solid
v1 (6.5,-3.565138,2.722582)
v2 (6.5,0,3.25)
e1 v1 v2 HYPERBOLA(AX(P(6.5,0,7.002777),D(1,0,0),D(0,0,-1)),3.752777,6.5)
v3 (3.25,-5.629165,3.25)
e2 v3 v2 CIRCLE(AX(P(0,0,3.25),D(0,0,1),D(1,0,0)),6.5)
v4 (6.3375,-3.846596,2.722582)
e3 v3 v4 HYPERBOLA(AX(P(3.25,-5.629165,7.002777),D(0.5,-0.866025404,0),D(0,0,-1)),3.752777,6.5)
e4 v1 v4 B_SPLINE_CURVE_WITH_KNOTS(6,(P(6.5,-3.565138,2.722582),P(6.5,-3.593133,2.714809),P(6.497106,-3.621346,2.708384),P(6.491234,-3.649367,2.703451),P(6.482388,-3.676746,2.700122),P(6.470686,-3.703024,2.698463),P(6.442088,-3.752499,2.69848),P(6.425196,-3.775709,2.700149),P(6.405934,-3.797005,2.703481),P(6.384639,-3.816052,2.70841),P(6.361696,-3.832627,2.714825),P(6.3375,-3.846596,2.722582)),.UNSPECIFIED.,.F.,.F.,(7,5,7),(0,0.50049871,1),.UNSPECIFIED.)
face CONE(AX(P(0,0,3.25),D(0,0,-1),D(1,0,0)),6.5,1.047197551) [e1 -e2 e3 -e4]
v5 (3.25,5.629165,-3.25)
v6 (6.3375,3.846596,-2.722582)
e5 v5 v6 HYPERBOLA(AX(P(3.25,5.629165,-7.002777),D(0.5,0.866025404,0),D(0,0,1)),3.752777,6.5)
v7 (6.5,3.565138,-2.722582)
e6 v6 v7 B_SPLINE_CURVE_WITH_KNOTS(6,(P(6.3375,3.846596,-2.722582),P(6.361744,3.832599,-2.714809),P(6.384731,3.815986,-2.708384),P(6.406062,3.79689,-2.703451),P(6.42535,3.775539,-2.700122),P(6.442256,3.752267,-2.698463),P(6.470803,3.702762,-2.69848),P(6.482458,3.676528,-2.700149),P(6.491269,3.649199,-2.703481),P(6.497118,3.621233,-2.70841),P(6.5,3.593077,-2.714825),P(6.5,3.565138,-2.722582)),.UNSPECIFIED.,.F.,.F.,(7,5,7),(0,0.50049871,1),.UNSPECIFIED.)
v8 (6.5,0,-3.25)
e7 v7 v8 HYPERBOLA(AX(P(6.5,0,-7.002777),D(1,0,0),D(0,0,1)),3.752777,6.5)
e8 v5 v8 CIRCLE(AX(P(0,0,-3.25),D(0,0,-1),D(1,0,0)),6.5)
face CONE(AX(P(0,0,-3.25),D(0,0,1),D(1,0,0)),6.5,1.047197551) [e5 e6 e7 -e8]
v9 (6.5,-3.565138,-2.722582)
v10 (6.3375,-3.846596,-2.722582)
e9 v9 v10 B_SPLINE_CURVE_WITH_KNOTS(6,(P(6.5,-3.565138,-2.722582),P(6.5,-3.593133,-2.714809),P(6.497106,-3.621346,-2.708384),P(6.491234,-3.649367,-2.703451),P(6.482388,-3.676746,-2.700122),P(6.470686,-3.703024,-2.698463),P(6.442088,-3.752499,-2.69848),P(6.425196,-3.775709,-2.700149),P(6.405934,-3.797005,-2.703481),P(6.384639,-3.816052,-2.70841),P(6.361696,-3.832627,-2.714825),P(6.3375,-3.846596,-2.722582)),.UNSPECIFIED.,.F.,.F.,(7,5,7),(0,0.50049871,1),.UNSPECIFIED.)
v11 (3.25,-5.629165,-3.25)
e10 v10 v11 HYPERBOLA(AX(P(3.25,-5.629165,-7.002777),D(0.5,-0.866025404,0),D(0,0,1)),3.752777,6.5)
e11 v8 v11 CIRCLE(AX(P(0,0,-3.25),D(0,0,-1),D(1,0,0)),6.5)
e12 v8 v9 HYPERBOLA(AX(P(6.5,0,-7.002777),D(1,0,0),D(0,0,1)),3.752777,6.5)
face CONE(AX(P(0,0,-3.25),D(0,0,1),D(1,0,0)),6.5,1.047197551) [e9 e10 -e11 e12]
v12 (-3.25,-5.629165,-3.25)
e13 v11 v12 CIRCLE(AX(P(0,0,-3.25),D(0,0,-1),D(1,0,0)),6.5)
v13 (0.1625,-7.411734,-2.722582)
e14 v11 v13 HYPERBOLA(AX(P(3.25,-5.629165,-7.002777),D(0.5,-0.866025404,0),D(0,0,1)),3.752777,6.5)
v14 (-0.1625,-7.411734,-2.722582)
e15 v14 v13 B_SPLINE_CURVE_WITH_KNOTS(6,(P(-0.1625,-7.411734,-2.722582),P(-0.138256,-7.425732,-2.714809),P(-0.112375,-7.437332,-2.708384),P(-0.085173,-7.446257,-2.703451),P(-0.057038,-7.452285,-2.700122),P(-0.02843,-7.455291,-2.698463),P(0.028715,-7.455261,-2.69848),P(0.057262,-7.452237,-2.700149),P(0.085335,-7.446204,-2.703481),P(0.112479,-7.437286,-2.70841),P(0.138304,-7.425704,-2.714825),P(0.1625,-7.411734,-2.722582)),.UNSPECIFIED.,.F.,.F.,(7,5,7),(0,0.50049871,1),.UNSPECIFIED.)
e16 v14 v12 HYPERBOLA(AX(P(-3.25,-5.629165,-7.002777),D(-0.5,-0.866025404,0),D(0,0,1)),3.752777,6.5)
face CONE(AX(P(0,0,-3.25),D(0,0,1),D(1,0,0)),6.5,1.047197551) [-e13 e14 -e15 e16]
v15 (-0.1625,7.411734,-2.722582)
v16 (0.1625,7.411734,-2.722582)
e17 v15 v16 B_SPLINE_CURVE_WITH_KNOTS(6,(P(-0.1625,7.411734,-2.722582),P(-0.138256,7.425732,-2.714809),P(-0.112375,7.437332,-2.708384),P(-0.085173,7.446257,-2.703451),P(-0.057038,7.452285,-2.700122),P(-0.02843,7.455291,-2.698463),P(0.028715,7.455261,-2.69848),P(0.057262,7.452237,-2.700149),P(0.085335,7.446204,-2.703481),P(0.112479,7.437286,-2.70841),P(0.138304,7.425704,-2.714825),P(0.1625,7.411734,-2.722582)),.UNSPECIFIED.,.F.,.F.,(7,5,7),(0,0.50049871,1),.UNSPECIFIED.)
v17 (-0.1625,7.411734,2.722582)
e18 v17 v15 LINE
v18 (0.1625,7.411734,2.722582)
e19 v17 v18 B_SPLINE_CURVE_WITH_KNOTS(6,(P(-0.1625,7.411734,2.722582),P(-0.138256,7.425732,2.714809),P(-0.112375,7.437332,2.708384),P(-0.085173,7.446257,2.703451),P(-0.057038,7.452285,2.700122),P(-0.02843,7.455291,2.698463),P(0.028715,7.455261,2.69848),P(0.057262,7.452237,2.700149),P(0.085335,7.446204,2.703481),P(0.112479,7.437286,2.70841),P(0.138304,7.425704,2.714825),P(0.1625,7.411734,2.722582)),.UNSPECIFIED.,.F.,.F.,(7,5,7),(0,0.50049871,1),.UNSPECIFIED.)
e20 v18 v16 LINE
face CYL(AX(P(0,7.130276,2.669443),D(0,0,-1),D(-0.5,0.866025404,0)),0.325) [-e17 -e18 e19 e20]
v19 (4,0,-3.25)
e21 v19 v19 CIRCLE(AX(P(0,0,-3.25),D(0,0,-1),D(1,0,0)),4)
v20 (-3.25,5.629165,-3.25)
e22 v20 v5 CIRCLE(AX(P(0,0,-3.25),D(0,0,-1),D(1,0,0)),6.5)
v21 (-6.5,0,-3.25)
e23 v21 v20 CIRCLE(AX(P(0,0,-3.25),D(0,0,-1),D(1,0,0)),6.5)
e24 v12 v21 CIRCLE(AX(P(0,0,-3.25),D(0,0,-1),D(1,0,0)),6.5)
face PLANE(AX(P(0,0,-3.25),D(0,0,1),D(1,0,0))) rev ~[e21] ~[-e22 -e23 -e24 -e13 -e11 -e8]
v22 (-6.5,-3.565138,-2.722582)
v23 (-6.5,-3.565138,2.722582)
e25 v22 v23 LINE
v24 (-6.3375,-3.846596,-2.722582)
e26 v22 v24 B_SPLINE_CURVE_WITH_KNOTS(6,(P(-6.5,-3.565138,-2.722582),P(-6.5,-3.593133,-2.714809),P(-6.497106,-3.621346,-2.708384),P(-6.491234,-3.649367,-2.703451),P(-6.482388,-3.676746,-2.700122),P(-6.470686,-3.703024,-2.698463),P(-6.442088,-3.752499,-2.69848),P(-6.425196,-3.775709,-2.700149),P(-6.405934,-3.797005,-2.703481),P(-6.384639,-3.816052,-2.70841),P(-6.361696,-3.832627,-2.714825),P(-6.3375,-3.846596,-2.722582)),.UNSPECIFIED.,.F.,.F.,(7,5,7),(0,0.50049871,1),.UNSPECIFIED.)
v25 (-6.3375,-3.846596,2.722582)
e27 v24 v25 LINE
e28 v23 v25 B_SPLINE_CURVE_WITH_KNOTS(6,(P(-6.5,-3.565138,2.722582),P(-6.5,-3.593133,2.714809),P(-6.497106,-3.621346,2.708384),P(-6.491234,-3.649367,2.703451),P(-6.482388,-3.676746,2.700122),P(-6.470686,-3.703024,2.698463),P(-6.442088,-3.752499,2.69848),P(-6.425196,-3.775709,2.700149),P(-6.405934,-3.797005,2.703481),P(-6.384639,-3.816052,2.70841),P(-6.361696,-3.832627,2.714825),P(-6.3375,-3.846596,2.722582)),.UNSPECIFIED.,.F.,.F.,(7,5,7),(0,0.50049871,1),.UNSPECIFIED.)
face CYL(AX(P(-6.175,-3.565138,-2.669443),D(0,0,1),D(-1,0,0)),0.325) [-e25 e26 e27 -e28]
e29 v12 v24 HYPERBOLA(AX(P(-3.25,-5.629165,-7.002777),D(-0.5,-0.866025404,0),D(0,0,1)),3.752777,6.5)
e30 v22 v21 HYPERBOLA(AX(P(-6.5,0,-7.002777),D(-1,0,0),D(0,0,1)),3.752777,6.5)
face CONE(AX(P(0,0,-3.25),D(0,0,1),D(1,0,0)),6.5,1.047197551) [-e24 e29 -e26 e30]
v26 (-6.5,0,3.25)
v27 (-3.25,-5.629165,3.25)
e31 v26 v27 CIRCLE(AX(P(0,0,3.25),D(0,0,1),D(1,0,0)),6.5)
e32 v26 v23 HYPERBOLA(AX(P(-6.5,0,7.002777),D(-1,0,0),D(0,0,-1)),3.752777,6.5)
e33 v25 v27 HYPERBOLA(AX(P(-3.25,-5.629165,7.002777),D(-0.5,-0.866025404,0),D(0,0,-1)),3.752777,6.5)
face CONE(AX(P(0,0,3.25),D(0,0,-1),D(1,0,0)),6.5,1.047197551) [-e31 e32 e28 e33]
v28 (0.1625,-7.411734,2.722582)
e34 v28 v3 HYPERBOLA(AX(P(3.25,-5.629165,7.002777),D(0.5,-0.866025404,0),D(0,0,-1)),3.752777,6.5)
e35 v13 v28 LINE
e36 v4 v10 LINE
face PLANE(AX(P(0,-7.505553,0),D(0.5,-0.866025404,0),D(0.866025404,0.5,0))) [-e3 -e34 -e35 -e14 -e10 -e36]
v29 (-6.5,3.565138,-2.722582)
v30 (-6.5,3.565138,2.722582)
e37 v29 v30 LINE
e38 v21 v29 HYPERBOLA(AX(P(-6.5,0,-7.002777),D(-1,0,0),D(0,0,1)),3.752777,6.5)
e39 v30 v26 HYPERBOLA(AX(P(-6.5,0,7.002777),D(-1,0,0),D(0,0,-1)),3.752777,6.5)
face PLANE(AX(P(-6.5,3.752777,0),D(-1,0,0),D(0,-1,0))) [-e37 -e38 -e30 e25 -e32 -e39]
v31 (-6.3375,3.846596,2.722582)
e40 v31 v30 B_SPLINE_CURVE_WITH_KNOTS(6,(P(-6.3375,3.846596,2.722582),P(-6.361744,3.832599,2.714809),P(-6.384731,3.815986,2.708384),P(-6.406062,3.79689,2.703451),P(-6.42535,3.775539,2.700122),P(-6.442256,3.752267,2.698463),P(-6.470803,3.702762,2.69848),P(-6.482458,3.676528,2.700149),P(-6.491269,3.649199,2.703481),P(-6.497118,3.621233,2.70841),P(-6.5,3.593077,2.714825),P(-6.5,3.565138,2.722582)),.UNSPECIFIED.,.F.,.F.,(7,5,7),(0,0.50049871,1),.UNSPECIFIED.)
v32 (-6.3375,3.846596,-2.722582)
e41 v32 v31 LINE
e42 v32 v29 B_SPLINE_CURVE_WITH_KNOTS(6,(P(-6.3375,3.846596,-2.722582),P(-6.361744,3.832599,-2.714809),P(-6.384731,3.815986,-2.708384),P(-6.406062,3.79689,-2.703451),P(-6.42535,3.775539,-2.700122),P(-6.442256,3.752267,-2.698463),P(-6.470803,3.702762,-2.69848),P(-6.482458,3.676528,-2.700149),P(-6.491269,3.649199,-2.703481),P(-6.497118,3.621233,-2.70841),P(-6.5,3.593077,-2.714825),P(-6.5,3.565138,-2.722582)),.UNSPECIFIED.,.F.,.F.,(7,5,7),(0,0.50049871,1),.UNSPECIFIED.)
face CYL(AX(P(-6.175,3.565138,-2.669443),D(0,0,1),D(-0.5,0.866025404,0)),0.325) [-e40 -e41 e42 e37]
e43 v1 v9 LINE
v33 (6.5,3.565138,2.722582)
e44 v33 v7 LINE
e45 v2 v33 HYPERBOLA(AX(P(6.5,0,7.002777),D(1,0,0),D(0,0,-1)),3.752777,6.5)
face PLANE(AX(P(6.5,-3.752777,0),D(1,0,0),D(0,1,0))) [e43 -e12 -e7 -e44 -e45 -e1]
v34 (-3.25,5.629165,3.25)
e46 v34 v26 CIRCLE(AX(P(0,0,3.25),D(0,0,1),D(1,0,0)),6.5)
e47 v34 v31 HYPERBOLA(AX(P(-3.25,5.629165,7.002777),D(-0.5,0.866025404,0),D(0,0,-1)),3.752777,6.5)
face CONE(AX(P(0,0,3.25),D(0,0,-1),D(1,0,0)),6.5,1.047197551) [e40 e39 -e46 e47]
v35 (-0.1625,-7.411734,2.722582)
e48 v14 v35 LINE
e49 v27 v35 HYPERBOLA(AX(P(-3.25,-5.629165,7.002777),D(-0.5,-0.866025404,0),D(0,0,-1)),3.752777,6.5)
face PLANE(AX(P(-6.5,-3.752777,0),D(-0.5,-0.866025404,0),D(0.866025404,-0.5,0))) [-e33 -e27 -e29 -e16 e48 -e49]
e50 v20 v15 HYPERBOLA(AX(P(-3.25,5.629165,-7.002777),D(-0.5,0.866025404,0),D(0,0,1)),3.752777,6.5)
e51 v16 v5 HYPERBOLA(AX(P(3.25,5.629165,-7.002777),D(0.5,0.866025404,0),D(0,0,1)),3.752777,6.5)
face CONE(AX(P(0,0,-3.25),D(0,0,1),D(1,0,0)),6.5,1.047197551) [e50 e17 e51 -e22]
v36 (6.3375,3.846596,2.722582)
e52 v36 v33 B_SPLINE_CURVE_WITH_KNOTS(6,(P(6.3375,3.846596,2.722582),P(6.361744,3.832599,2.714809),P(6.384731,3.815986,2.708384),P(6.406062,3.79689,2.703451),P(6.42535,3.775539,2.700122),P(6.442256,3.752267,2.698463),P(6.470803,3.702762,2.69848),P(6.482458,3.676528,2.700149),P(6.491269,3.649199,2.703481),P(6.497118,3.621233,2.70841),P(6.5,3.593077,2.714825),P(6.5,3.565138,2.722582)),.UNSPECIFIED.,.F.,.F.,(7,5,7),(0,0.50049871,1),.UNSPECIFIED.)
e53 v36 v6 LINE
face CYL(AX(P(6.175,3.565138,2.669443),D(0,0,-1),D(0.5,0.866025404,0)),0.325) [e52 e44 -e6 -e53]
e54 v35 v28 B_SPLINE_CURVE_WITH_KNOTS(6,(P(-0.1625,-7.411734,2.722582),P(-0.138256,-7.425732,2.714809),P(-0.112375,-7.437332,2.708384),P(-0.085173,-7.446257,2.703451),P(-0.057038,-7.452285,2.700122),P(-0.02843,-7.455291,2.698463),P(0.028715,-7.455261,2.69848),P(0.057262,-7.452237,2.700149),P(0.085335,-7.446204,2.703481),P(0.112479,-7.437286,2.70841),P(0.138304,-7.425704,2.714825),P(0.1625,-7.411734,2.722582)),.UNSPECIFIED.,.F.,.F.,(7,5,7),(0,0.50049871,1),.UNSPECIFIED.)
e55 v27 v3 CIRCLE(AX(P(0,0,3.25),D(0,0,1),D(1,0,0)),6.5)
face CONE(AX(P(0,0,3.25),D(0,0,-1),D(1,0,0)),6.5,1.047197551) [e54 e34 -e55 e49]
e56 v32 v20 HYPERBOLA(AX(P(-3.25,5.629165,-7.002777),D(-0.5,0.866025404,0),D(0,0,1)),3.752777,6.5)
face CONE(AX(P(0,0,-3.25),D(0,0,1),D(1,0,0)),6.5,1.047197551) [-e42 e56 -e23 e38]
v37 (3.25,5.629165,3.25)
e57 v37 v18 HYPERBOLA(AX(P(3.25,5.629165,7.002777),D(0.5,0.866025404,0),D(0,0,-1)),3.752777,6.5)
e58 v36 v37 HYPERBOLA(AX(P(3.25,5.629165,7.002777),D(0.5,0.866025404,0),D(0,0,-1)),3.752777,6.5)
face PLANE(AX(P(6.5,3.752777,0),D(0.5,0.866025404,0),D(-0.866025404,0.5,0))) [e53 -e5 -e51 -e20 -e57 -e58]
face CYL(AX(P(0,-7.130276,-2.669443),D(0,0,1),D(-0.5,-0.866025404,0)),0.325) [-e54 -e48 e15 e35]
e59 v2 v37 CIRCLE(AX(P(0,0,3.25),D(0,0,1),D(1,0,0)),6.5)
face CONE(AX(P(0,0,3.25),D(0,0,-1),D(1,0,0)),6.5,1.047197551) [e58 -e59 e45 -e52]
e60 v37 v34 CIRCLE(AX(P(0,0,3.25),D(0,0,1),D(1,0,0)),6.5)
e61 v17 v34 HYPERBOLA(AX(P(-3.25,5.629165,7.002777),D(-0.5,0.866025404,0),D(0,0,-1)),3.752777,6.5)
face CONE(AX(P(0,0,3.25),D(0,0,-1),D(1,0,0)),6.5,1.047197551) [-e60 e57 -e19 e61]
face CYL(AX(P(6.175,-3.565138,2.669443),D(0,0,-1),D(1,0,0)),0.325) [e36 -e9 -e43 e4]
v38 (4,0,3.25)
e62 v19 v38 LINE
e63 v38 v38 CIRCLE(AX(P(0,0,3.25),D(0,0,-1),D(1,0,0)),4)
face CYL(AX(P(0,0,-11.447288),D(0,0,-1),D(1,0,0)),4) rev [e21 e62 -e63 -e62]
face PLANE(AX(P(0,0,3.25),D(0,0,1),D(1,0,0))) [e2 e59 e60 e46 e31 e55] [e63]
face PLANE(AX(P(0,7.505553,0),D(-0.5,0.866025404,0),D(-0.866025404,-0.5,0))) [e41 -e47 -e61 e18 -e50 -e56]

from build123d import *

# Parameters (mm, degrees)
BOSS_EXTRUDE2_DEPTH     = 3.25
CUT_EXTRUDE4_DEPTH      = 11.447288324
CUT_EXTRUDE4_DEPTH_BACK = 11.447288324
SKETCH16_R              = 4
SKETCH7_OUTSIDE_W       = 63.752
SKETCH7_OUTSIDE_H       = 65.764
SKETCH7_OUTSIDE_R       = 6.5
CUT_EXTRUDE5_DEPTH      = 12.867322079
CUT_EXTRUDE5_DRAFT      = -60
MIRROR4_COPY_1_SKETCH_W = 63.752
MIRROR4_COPY_1_SKETCH_H = 65.764
MIRROR4_COPY_1_SKETCH_R = 6.5
MIRROR4_COPY_1_DEPTH    = 12.867322079
MIRROR4_COPY_1_DRAFT    = -60
FILLET2_R               = 0.325


with BuildPart() as part:
    # Sketch15 → Boss-Extrude2 (new, symmetric)
    with BuildSketch(Plane.XY):
        Polygon((0, 7.505553499), (-6.5, 3.75277675), (-6.5, -3.75277675), (0, -7.505553499), (6.5, -3.75277675), (6.5, 3.75277675), align=None)
    extrude(amount=BOSS_EXTRUDE2_DEPTH, both=True)

    # Sketch16 → Cut-Extrude4 (cut, two sides: drawn at the far end of the back side and taken through both)
    with BuildSketch(Plane.XY.offset(-CUT_EXTRUDE4_DEPTH_BACK)):
        Circle(SKETCH16_R)
    extrude(amount=CUT_EXTRUDE4_DEPTH + CUT_EXTRUDE4_DEPTH_BACK, mode=Mode.SUBTRACT)


with BuildPart() as cut_extrude5_tool:
    # Sketch7 outside → Cut-Extrude5 (with draft: the straight prism first)
    with BuildSketch(Plane.XY.offset(3.25)):
        Rectangle(SKETCH7_OUTSIDE_W, SKETCH7_OUTSIDE_H)
        Circle(SKETCH7_OUTSIDE_R, mode=Mode.SUBTRACT)
    extrude(amount=-CUT_EXTRUDE5_DEPTH)
    # Cut-Extrude5: the draft: its side faces are tilted about the plane it starts from
    cut_extrude5_sides = [cut_extrude5_tool.faces().sort_by_distance(p)[0] for p in [
        (0, -32.882, -3.18366104),
        (31.876, 0, -3.18366104),
        (0, 32.882, -3.18366104),
        (-31.876, 0, -3.18366104),
        (-6.5, 0, -3.18366104),
    ]]
    draft(cut_extrude5_sides, Plane.XY.offset(3.25), CUT_EXTRUDE5_DRAFT)


with BuildPart() as part_1:
    add(part.part)

    # Cut-Extrude5: cut by cut_extrude5_tool
    add(cut_extrude5_tool.part, mode=Mode.SUBTRACT)


with BuildPart() as mirror4_copy_1_tool:
    # Mirror4 copy 1 sketch → Mirror4 copy 1 (with draft: the straight prism first)
    with BuildSketch(Plane(origin=(0, 0, -3.25), x_dir=(1, 0, 0), z_dir=(0, 0, -1))):
        Rectangle(MIRROR4_COPY_1_SKETCH_W, MIRROR4_COPY_1_SKETCH_H)
        Circle(MIRROR4_COPY_1_SKETCH_R, mode=Mode.SUBTRACT)
    extrude(amount=-MIRROR4_COPY_1_DEPTH)
    # Mirror4 copy 1: the draft: its side faces are tilted about the plane it starts from
    mirror4_copy_1_sides = [mirror4_copy_1_tool.faces().sort_by_distance(p)[0] for p in [
        (0, -32.882, 3.18366104),
        (31.876, 0, 3.18366104),
        (0, 32.882, 3.18366104),
        (-31.876, 0, 3.18366104),
        (-6.5, 0, 3.18366104),
    ]]
    draft(mirror4_copy_1_sides, Plane(origin=(0, 0, -3.25), x_dir=(1, 0, 0), z_dir=(0, 0, -1)), MIRROR4_COPY_1_DRAFT)


with BuildPart() as part_2:
    add(part_1.part)

    # Mirror4 copy 1: cut by mirror4_copy_1_tool
    add(mirror4_copy_1_tool.part, mode=Mode.SUBTRACT)

    # Fillet2
    fillet2_edges = [part_2.edges().sort_by_distance(p)[0] for p in [
        (-6.5, 3.75277675, 0),
        (-6.5, -3.75277675, 0),
        (0, -7.505553499, 0),
        (6.5, -3.75277675, 0),
        (6.5, 3.75277675, 0),
        (0, 7.505553499, 0),
    ]]
    fillet(fillet2_edges, radius=FILLET2_R)


solid = part_2.part
